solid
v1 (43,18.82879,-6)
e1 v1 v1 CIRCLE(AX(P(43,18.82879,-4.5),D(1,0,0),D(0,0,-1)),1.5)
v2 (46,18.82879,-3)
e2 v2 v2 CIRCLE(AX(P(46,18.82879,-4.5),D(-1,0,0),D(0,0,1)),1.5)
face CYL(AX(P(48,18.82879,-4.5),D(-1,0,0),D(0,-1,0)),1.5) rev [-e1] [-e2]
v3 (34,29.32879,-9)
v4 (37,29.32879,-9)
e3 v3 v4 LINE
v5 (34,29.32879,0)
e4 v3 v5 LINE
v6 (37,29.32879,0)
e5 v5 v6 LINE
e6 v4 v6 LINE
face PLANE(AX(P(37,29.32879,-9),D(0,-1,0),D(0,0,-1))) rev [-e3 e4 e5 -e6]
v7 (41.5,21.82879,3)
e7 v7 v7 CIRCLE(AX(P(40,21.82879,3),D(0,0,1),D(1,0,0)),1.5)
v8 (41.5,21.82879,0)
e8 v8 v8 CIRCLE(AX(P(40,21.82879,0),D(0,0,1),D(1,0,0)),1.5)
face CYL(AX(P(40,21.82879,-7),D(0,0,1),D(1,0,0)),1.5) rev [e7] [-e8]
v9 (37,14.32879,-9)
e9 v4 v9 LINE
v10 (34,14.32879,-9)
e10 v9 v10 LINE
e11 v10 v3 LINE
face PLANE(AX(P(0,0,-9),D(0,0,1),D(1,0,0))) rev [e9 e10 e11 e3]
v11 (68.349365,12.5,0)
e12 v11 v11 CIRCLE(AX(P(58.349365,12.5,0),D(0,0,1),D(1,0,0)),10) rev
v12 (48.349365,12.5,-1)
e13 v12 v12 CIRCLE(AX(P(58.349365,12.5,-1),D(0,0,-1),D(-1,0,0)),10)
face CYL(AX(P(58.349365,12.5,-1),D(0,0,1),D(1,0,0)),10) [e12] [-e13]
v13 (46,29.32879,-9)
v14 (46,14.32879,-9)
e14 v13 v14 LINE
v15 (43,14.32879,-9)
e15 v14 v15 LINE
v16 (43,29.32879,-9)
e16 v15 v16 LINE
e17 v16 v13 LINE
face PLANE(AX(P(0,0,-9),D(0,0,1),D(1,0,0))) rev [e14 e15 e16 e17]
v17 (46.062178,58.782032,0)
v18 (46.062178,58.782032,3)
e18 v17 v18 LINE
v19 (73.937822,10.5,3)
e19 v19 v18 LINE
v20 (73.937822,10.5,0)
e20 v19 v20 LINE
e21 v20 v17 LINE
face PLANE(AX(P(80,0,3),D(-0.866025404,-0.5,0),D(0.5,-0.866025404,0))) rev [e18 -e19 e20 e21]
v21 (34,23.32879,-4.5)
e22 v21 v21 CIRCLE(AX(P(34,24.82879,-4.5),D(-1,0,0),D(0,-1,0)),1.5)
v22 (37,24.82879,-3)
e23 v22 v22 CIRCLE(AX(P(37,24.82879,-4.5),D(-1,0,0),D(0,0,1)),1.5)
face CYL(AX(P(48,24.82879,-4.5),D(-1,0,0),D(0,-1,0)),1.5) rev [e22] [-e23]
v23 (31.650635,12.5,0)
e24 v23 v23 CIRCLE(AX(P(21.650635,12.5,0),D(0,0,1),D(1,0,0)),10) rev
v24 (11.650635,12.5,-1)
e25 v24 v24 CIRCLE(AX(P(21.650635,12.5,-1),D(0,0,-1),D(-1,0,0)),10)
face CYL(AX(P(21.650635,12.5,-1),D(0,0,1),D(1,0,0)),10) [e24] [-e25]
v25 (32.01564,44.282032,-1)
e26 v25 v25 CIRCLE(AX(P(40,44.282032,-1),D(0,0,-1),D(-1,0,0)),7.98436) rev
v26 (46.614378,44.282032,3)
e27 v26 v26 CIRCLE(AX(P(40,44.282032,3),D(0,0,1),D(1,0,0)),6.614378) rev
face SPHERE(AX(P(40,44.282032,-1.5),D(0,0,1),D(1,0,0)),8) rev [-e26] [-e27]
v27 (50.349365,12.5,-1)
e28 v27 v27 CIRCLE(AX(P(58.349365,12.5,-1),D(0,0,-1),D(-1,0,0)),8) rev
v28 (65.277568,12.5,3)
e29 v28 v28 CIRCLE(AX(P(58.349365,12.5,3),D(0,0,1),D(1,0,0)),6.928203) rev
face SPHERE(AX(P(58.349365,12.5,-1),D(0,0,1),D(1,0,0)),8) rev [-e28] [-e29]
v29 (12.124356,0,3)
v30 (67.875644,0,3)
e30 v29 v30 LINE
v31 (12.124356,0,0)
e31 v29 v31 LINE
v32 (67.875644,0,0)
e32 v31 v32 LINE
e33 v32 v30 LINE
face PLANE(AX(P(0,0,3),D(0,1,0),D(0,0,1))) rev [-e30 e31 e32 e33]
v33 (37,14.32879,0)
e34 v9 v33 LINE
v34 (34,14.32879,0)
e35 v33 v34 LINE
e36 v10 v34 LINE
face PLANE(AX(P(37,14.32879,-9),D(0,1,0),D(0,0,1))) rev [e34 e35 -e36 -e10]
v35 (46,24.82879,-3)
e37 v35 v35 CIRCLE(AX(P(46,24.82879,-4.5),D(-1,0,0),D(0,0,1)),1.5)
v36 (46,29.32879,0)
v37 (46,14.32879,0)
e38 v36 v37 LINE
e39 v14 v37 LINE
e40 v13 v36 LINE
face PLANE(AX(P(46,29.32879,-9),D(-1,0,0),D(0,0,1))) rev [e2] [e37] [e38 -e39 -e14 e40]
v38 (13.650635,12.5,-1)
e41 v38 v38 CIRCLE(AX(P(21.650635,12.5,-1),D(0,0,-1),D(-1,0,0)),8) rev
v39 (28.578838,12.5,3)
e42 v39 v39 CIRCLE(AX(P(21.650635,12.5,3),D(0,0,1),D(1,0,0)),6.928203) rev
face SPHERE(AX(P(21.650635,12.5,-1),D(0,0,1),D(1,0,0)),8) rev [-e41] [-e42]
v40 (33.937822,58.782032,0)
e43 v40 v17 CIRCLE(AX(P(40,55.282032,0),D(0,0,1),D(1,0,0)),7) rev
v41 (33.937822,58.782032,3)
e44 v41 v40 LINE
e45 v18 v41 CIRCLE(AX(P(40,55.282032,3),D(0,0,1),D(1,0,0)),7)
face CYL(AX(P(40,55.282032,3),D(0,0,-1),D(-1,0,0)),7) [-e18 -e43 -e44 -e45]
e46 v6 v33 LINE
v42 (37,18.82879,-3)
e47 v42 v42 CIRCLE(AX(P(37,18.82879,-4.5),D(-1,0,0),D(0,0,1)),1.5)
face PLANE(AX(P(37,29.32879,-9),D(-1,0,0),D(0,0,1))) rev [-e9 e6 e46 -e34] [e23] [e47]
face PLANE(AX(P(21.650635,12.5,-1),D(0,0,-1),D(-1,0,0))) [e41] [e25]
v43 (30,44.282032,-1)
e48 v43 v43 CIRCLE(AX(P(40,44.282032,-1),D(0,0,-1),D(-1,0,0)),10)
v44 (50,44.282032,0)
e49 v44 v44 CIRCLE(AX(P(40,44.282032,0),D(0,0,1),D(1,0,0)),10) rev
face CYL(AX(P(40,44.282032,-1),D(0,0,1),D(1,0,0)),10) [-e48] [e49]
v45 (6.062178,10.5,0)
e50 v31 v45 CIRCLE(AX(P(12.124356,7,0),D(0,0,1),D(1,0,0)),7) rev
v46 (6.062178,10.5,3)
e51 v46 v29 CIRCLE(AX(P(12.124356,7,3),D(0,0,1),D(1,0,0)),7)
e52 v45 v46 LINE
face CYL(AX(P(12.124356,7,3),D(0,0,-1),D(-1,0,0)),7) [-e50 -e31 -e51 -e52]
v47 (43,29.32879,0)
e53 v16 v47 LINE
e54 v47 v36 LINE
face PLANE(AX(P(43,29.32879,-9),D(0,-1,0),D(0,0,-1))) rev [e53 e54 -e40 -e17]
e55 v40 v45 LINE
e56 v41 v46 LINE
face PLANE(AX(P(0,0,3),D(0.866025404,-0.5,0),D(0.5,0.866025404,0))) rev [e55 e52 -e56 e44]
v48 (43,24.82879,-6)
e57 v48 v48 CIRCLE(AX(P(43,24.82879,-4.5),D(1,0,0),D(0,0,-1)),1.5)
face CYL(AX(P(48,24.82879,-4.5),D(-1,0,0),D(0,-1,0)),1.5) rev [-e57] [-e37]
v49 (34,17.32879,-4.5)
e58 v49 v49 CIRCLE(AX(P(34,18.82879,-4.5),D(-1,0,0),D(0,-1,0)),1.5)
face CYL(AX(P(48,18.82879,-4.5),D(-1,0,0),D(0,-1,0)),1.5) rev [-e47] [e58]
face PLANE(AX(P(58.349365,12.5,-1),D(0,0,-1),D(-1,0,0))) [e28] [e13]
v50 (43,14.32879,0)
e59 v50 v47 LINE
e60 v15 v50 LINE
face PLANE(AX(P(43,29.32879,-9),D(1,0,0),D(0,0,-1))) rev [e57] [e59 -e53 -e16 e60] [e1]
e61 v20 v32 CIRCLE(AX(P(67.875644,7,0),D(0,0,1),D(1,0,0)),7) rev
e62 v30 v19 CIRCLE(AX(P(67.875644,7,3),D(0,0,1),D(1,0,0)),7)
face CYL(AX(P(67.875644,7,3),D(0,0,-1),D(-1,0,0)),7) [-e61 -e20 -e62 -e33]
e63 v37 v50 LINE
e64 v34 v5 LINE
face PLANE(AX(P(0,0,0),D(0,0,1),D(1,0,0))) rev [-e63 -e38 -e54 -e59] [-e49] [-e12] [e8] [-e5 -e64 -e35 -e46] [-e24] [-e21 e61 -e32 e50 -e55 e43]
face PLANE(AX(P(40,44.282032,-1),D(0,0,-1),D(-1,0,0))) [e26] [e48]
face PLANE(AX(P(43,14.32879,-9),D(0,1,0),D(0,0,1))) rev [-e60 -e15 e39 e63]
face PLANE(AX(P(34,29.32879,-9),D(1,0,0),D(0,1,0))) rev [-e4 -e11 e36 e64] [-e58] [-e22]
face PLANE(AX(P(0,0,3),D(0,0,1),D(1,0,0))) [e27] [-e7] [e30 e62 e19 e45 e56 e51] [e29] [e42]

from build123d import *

# Parameters (mm, degrees)
BOSS_EXTRUDE1_DEPTH = 3
FILLET4_R           = 7
FILLET5_R           = 7
FILLET6_R           = 7
SKETCH6_R           = 10
BOSS_EXTRUDE2_DEPTH = 1
SKETCH10_W          = 3
SKETCH10_H          = 15
BOSS_EXTRUDE3_DEPTH = 9
SKETCH11_R          = 1.5
CUT_EXTRUDE4_DEPTH  = 14
SKETCH13_R          = 1.5
CUT_EXTRUDE5_DEPTH  = 10


with BuildPart() as part:
    # Sketch1 → Boss-Extrude1 (new body)
    with BuildSketch(Plane.XY):
        Polygon((0, 0), (80, 0), (40, 69.282032303), align=None)
    extrude(amount=BOSS_EXTRUDE1_DEPTH)

    # Fillet4
    fillet4_edges = [part.edges().sort_by_distance(p)[0] for p in [
        (0, 0, 1.5),
    ]]
    fillet(fillet4_edges, radius=FILLET4_R)

    # Fillet5
    fillet5_edges = [part.edges().sort_by_distance(p)[0] for p in [
        (80, 0, 1.5),
    ]]
    fillet(fillet5_edges, radius=FILLET5_R)

    # Fillet6
    fillet6_edges = [part.edges().sort_by_distance(p)[0] for p in [
        (40, 69.282032303, 1.5),
    ]]
    fillet(fillet6_edges, radius=FILLET6_R)

    # Sketch6 → Boss-Extrude2 (add)
    with BuildSketch(Plane(origin=(0, 0, 0), x_dir=(-1, 0, 0), z_dir=(0, 0, -1))):
        with Locations(Location((-40, 44.282032303, 0), (0, 0, 180))):
            Circle(SKETCH6_R)
        with Locations(Location((-58.349364905, 12.5, 0), (0, 0, 180))):
            Circle(SKETCH6_R)
        with Locations(Location((-21.650635095, 12.5, 0), (0, 0, 180))):
            Circle(SKETCH6_R)
    extrude(amount=BOSS_EXTRUDE2_DEPTH)

    # Sketch7 → Cut-Revolve2 (revolve, cut)
    with BuildSketch(Plane(origin=(0, 0, -1.5), x_dir=(-1, 0, 0), z_dir=(0, 0, -1))):
        with BuildLine():
            Line((-40, 52.282032303), (-40, 36.282032303))
            ThreePointArc((-40, 36.282032303), (-32, 44.282032303), (-40, 52.282032303))
        make_face()
    revolve(axis=Axis((40, 52.282032303, -1.5), (0, -1, 0)), mode=Mode.SUBTRACT)

    # Sketch8 → Cut-Revolve3 (revolve, cut)
    with BuildSketch(Plane(origin=(0, 0, -1), x_dir=(-1, 0, 0), z_dir=(0, 0, -1))):
        with BuildLine():
            Line((-58.349364905, 20.5), (-58.349364905, 4.5))
            ThreePointArc((-58.349364905, 4.5), (-50.349364905, 12.5), (-58.349364905, 20.5))
        make_face()
    revolve(axis=Axis((58.349364905, 20.5, -1), (0, -1, 0)), mode=Mode.SUBTRACT)

    # Sketch9 → Cut-Revolve4 (revolve, cut)
    with BuildSketch(Plane(origin=(0, 0, -1), x_dir=(-1, 0, 0), z_dir=(0, 0, -1))):
        with BuildLine():
            Line((-21.650635095, 20.5), (-21.650635095, 4.5))
            ThreePointArc((-21.650635095, 4.5), (-13.650635095, 12.5), (-21.650635095, 20.5))
        make_face()
    revolve(axis=Axis((21.650635095, 20.5, -1), (0, -1, 0)), mode=Mode.SUBTRACT)

    # Sketch10 → Boss-Extrude3 (add)
    with BuildSketch(Plane(origin=(0, 0, 0), x_dir=(-1, 0, 0), z_dir=(0, 0, -1))):
        with Locations((-35.5, 21.828790282)):
            Rectangle(SKETCH10_W, SKETCH10_H)
        with Locations((-44.5, 21.828790282)):
            Rectangle(SKETCH10_W, SKETCH10_H)
    extrude(amount=BOSS_EXTRUDE3_DEPTH)

    # Sketch11 → Cut-Extrude4 (cut)
    with BuildSketch(Plane.ZY.offset(-34)):
        with Locations((-4.5, 24.828790282)):
            Circle(SKETCH11_R)
        with Locations((-4.5, 18.828790282)):
            Circle(SKETCH11_R)
    extrude(amount=-CUT_EXTRUDE4_DEPTH, mode=Mode.SUBTRACT)

    # Sketch13 → Cut-Extrude5 (cut)
    with BuildSketch(Plane.XY.offset(3)):
        with Locations((40, 21.828790282)):
            Circle(SKETCH13_R)
    extrude(amount=-CUT_EXTRUDE5_DEPTH, mode=Mode.SUBTRACT)


solid = part.part
